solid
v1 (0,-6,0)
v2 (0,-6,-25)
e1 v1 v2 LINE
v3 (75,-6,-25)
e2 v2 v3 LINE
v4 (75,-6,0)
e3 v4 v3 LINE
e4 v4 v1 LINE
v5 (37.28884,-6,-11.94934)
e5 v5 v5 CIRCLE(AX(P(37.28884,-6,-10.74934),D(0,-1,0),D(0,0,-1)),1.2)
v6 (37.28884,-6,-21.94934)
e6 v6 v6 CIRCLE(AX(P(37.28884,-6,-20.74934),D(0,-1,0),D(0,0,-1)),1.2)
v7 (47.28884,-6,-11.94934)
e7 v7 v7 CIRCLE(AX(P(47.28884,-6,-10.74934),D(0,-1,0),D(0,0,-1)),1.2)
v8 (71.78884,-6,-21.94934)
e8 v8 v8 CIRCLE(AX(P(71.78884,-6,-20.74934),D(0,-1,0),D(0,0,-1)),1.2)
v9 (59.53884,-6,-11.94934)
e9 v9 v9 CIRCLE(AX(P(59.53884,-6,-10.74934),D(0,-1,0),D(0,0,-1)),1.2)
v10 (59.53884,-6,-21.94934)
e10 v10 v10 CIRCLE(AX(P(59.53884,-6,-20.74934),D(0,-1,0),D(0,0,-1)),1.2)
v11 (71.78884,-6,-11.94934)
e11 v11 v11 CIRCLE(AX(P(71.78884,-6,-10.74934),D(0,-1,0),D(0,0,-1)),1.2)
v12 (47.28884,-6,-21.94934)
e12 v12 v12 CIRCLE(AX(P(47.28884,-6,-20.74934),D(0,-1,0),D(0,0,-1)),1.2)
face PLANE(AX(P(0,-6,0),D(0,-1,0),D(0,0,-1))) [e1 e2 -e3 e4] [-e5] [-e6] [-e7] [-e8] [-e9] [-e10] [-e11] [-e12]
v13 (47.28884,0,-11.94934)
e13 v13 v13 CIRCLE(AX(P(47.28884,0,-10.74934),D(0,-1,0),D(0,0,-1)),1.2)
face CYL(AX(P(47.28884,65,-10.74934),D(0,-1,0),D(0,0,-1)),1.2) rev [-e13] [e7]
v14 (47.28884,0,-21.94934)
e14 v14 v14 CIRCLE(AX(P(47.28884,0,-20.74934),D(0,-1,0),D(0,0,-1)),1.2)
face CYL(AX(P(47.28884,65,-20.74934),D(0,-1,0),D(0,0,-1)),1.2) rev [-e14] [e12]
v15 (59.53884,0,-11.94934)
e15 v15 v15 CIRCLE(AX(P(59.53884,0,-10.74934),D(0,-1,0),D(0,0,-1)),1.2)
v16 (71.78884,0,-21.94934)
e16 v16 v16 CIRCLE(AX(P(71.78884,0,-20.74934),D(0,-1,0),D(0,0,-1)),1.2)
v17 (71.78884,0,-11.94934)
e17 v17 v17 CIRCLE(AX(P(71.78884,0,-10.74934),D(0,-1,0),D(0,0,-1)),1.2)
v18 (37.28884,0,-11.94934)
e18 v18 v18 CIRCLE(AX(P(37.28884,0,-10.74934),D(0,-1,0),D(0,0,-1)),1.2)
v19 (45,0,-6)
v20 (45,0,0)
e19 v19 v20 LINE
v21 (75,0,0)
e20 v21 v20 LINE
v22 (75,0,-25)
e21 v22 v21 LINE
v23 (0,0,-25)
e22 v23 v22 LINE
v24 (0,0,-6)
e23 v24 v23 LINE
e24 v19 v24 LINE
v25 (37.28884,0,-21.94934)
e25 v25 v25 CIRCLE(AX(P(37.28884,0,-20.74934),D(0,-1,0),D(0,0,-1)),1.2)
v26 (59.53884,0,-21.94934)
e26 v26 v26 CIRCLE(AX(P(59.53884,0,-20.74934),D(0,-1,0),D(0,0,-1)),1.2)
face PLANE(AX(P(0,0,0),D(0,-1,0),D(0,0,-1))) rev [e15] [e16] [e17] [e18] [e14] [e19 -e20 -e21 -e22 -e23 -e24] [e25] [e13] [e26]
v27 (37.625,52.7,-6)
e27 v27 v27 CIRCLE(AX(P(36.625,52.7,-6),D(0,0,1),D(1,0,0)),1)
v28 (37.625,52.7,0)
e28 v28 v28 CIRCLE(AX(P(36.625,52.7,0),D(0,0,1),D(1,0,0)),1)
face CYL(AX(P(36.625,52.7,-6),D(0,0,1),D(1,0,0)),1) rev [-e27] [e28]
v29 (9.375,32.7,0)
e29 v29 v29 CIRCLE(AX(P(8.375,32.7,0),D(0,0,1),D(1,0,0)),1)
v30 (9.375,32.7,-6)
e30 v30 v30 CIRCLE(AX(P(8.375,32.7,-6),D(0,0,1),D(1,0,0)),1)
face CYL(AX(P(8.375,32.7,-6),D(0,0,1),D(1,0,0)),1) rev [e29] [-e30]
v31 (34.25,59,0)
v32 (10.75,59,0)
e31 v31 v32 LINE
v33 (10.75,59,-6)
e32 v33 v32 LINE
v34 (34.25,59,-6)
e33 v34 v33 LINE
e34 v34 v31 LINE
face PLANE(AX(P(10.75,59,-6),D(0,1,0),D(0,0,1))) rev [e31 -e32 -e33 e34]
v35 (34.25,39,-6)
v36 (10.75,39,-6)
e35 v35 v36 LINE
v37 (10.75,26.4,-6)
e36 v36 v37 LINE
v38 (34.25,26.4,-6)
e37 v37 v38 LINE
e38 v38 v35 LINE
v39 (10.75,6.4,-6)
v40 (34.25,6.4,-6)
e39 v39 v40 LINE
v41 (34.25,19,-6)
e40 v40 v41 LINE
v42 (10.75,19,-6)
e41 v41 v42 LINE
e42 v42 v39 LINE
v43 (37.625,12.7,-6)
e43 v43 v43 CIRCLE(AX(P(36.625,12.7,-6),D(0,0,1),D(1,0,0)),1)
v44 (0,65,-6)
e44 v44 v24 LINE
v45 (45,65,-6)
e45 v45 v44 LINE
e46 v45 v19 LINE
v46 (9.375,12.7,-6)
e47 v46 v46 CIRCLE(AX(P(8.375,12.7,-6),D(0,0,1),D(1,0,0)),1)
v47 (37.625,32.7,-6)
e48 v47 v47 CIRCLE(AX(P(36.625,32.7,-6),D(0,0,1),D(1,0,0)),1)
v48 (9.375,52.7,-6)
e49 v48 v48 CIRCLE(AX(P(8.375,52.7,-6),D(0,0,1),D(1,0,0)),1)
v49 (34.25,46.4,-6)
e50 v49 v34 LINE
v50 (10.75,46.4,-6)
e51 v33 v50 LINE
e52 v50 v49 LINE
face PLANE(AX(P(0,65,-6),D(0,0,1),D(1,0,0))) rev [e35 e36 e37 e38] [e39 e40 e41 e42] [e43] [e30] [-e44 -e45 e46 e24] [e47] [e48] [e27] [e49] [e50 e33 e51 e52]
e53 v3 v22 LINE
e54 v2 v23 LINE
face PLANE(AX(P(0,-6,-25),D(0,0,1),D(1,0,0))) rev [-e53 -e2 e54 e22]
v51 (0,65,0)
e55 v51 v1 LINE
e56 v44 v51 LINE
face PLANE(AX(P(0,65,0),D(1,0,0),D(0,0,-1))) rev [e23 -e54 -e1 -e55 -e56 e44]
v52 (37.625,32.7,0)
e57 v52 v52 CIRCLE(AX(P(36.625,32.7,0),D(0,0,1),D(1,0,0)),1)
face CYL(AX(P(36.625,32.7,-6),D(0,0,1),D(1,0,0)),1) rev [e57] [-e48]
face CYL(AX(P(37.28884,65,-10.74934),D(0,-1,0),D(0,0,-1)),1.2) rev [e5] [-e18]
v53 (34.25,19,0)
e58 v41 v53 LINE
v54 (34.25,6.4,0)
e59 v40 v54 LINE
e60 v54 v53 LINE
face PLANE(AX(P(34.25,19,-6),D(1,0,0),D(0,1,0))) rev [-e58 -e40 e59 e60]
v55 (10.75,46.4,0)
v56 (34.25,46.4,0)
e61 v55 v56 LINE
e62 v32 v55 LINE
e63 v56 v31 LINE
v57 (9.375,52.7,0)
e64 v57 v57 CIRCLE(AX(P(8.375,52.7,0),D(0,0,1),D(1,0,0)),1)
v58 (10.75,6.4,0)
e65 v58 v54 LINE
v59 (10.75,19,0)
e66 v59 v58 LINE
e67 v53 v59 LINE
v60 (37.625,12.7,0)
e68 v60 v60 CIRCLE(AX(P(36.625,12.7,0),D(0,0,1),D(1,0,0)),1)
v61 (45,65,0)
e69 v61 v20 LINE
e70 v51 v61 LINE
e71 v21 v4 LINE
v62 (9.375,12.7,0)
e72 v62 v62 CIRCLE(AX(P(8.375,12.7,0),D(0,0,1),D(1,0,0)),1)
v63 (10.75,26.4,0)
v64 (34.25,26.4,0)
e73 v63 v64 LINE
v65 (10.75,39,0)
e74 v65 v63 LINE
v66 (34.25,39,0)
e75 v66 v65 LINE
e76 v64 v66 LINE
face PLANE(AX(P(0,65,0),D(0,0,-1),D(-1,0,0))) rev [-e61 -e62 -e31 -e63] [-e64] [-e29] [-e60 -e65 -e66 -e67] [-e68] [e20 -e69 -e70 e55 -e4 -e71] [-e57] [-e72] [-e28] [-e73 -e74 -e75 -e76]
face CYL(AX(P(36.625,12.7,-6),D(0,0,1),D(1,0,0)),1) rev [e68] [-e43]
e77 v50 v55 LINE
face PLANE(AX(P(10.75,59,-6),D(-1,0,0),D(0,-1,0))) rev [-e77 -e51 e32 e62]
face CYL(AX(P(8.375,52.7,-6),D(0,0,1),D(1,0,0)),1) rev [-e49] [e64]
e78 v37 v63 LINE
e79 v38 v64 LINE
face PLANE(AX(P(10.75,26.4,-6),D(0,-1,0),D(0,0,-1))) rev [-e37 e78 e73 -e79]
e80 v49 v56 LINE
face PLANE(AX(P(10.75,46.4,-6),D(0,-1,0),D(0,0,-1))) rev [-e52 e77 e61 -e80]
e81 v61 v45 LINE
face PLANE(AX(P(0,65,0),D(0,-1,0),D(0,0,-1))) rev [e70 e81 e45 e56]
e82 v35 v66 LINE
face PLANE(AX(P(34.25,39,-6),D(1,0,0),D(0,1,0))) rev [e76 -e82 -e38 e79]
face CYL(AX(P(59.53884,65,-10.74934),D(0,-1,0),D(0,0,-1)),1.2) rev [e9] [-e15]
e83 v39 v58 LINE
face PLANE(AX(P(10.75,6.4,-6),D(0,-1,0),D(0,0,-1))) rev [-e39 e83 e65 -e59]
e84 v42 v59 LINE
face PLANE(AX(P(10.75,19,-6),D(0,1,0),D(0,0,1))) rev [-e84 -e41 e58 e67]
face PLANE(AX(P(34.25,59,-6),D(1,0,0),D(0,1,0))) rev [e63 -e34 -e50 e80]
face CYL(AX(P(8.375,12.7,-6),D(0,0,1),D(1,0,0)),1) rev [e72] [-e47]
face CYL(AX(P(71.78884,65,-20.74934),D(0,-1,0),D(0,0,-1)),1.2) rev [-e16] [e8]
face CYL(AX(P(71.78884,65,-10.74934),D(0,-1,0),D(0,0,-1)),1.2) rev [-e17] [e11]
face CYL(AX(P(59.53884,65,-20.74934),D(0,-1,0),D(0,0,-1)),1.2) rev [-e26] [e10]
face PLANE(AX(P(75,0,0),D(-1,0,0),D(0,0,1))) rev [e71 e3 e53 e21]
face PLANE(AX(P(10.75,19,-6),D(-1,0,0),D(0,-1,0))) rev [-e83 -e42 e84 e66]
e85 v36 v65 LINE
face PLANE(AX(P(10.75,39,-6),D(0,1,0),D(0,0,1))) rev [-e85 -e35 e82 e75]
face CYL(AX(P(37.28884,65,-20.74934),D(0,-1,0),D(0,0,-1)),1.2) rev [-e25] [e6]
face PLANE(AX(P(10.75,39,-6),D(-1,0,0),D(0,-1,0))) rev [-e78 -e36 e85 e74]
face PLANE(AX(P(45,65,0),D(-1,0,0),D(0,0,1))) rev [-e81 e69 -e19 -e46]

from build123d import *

# Parameters (mm, degrees)
SKETCH1_W           = 45
SKETCH1_H           = 6
BOSS_EXTRUDE1_DEPTH = 65
SKETCH2_R           = 1
SKETCH2_W           = 23.5
SKETCH2_H           = 12.6
CUT_EXTRUDE1_DEPTH  = 80.284298572
LPATTERN1_COUNT     = 3
LPATTERN1_PITCH     = 20
SKETCH3_W           = 45
SKETCH3_H           = 25
BOSS_EXTRUDE2_DEPTH = 6
SKETCH4_W           = 25
SKETCH4_H           = 6
BOSS_EXTRUDE3_DEPTH = 30
SKETCH5_R           = 1.2
CUT_EXTRUDE2_DEPTH  = 107.259117256


with BuildPart() as part:
    # Sketch1 → Boss-Extrude1 (new body)
    with BuildSketch(Plane(origin=(0, 0, 0), x_dir=(1, 0, 0), z_dir=(0, 1, 0))):
        with Locations((22.5, 3)):
            Rectangle(SKETCH1_W, SKETCH1_H)
    extrude(amount=BOSS_EXTRUDE1_DEPTH)

    # Sketch2 → Cut-Extrude1 (cut, through all)
    with BuildSketch(Plane.XY):
        with Locations((8.375, 52.7)):
            Circle(SKETCH2_R)
        with Locations((36.625, 52.7)):
            Circle(SKETCH2_R)
        with Locations((22.5, 52.7)):
            Rectangle(SKETCH2_W, SKETCH2_H)
    cut_extrude1 = extrude(amount=-CUT_EXTRUDE1_DEPTH, mode=Mode.SUBTRACT)

    # LPattern1: Cut-Extrude1 ×3
    with Locations(*[(0, -i * LPATTERN1_PITCH, 0) for i in range(1, LPATTERN1_COUNT)]):
        add(cut_extrude1, mode=Mode.SUBTRACT)

    # Sketch3 → Boss-Extrude2 (add)
    with BuildSketch(Plane.XZ):
        with Locations((22.5, -12.5)):
            Rectangle(SKETCH3_W, SKETCH3_H)
    extrude(amount=BOSS_EXTRUDE2_DEPTH)

    # Sketch4 → Boss-Extrude3 (add)
    with BuildSketch(Plane(origin=(45, 0, 0), x_dir=(0, 0, -1), z_dir=(1, 0, 0))):
        with Locations((12.5, -3)):
            Rectangle(SKETCH4_W, SKETCH4_H)
    extrude(amount=BOSS_EXTRUDE3_DEPTH)

    # Sketch5 → Cut-Extrude2 (cut, through all)
    with BuildSketch(Plane.XZ.offset(6)):
        with Locations(Location((37.288839919, -20.74934001, 0), (0, 0, 270))):
            Circle(SKETCH5_R)
        with Locations(Location((37.288839919, -10.74934001, 0), (0, 0, 270))):
            Circle(SKETCH5_R)
        with Locations(Location((47.288839919, -20.74934001, 0), (0, 0, 270))):
            Circle(SKETCH5_R)
        with Locations(Location((47.288839919, -10.74934001, 0), (0, 0, 270))):
            Circle(SKETCH5_R)
        with Locations(Location((59.538839919, -20.74934001, 0), (0, 0, 270))):
            Circle(SKETCH5_R)
        with Locations(Location((71.788839919, -20.74934001, 0), (0, 0, 270))):
            Circle(SKETCH5_R)
        with Locations(Location((71.788839919, -10.74934001, 0), (0, 0, 270))):
            Circle(SKETCH5_R)
        with Locations(Location((59.538839919, -10.74934001, 0), (0, 0, 270))):
            Circle(SKETCH5_R)
    extrude(amount=-CUT_EXTRUDE2_DEPTH, mode=Mode.SUBTRACT)


solid = part.part
